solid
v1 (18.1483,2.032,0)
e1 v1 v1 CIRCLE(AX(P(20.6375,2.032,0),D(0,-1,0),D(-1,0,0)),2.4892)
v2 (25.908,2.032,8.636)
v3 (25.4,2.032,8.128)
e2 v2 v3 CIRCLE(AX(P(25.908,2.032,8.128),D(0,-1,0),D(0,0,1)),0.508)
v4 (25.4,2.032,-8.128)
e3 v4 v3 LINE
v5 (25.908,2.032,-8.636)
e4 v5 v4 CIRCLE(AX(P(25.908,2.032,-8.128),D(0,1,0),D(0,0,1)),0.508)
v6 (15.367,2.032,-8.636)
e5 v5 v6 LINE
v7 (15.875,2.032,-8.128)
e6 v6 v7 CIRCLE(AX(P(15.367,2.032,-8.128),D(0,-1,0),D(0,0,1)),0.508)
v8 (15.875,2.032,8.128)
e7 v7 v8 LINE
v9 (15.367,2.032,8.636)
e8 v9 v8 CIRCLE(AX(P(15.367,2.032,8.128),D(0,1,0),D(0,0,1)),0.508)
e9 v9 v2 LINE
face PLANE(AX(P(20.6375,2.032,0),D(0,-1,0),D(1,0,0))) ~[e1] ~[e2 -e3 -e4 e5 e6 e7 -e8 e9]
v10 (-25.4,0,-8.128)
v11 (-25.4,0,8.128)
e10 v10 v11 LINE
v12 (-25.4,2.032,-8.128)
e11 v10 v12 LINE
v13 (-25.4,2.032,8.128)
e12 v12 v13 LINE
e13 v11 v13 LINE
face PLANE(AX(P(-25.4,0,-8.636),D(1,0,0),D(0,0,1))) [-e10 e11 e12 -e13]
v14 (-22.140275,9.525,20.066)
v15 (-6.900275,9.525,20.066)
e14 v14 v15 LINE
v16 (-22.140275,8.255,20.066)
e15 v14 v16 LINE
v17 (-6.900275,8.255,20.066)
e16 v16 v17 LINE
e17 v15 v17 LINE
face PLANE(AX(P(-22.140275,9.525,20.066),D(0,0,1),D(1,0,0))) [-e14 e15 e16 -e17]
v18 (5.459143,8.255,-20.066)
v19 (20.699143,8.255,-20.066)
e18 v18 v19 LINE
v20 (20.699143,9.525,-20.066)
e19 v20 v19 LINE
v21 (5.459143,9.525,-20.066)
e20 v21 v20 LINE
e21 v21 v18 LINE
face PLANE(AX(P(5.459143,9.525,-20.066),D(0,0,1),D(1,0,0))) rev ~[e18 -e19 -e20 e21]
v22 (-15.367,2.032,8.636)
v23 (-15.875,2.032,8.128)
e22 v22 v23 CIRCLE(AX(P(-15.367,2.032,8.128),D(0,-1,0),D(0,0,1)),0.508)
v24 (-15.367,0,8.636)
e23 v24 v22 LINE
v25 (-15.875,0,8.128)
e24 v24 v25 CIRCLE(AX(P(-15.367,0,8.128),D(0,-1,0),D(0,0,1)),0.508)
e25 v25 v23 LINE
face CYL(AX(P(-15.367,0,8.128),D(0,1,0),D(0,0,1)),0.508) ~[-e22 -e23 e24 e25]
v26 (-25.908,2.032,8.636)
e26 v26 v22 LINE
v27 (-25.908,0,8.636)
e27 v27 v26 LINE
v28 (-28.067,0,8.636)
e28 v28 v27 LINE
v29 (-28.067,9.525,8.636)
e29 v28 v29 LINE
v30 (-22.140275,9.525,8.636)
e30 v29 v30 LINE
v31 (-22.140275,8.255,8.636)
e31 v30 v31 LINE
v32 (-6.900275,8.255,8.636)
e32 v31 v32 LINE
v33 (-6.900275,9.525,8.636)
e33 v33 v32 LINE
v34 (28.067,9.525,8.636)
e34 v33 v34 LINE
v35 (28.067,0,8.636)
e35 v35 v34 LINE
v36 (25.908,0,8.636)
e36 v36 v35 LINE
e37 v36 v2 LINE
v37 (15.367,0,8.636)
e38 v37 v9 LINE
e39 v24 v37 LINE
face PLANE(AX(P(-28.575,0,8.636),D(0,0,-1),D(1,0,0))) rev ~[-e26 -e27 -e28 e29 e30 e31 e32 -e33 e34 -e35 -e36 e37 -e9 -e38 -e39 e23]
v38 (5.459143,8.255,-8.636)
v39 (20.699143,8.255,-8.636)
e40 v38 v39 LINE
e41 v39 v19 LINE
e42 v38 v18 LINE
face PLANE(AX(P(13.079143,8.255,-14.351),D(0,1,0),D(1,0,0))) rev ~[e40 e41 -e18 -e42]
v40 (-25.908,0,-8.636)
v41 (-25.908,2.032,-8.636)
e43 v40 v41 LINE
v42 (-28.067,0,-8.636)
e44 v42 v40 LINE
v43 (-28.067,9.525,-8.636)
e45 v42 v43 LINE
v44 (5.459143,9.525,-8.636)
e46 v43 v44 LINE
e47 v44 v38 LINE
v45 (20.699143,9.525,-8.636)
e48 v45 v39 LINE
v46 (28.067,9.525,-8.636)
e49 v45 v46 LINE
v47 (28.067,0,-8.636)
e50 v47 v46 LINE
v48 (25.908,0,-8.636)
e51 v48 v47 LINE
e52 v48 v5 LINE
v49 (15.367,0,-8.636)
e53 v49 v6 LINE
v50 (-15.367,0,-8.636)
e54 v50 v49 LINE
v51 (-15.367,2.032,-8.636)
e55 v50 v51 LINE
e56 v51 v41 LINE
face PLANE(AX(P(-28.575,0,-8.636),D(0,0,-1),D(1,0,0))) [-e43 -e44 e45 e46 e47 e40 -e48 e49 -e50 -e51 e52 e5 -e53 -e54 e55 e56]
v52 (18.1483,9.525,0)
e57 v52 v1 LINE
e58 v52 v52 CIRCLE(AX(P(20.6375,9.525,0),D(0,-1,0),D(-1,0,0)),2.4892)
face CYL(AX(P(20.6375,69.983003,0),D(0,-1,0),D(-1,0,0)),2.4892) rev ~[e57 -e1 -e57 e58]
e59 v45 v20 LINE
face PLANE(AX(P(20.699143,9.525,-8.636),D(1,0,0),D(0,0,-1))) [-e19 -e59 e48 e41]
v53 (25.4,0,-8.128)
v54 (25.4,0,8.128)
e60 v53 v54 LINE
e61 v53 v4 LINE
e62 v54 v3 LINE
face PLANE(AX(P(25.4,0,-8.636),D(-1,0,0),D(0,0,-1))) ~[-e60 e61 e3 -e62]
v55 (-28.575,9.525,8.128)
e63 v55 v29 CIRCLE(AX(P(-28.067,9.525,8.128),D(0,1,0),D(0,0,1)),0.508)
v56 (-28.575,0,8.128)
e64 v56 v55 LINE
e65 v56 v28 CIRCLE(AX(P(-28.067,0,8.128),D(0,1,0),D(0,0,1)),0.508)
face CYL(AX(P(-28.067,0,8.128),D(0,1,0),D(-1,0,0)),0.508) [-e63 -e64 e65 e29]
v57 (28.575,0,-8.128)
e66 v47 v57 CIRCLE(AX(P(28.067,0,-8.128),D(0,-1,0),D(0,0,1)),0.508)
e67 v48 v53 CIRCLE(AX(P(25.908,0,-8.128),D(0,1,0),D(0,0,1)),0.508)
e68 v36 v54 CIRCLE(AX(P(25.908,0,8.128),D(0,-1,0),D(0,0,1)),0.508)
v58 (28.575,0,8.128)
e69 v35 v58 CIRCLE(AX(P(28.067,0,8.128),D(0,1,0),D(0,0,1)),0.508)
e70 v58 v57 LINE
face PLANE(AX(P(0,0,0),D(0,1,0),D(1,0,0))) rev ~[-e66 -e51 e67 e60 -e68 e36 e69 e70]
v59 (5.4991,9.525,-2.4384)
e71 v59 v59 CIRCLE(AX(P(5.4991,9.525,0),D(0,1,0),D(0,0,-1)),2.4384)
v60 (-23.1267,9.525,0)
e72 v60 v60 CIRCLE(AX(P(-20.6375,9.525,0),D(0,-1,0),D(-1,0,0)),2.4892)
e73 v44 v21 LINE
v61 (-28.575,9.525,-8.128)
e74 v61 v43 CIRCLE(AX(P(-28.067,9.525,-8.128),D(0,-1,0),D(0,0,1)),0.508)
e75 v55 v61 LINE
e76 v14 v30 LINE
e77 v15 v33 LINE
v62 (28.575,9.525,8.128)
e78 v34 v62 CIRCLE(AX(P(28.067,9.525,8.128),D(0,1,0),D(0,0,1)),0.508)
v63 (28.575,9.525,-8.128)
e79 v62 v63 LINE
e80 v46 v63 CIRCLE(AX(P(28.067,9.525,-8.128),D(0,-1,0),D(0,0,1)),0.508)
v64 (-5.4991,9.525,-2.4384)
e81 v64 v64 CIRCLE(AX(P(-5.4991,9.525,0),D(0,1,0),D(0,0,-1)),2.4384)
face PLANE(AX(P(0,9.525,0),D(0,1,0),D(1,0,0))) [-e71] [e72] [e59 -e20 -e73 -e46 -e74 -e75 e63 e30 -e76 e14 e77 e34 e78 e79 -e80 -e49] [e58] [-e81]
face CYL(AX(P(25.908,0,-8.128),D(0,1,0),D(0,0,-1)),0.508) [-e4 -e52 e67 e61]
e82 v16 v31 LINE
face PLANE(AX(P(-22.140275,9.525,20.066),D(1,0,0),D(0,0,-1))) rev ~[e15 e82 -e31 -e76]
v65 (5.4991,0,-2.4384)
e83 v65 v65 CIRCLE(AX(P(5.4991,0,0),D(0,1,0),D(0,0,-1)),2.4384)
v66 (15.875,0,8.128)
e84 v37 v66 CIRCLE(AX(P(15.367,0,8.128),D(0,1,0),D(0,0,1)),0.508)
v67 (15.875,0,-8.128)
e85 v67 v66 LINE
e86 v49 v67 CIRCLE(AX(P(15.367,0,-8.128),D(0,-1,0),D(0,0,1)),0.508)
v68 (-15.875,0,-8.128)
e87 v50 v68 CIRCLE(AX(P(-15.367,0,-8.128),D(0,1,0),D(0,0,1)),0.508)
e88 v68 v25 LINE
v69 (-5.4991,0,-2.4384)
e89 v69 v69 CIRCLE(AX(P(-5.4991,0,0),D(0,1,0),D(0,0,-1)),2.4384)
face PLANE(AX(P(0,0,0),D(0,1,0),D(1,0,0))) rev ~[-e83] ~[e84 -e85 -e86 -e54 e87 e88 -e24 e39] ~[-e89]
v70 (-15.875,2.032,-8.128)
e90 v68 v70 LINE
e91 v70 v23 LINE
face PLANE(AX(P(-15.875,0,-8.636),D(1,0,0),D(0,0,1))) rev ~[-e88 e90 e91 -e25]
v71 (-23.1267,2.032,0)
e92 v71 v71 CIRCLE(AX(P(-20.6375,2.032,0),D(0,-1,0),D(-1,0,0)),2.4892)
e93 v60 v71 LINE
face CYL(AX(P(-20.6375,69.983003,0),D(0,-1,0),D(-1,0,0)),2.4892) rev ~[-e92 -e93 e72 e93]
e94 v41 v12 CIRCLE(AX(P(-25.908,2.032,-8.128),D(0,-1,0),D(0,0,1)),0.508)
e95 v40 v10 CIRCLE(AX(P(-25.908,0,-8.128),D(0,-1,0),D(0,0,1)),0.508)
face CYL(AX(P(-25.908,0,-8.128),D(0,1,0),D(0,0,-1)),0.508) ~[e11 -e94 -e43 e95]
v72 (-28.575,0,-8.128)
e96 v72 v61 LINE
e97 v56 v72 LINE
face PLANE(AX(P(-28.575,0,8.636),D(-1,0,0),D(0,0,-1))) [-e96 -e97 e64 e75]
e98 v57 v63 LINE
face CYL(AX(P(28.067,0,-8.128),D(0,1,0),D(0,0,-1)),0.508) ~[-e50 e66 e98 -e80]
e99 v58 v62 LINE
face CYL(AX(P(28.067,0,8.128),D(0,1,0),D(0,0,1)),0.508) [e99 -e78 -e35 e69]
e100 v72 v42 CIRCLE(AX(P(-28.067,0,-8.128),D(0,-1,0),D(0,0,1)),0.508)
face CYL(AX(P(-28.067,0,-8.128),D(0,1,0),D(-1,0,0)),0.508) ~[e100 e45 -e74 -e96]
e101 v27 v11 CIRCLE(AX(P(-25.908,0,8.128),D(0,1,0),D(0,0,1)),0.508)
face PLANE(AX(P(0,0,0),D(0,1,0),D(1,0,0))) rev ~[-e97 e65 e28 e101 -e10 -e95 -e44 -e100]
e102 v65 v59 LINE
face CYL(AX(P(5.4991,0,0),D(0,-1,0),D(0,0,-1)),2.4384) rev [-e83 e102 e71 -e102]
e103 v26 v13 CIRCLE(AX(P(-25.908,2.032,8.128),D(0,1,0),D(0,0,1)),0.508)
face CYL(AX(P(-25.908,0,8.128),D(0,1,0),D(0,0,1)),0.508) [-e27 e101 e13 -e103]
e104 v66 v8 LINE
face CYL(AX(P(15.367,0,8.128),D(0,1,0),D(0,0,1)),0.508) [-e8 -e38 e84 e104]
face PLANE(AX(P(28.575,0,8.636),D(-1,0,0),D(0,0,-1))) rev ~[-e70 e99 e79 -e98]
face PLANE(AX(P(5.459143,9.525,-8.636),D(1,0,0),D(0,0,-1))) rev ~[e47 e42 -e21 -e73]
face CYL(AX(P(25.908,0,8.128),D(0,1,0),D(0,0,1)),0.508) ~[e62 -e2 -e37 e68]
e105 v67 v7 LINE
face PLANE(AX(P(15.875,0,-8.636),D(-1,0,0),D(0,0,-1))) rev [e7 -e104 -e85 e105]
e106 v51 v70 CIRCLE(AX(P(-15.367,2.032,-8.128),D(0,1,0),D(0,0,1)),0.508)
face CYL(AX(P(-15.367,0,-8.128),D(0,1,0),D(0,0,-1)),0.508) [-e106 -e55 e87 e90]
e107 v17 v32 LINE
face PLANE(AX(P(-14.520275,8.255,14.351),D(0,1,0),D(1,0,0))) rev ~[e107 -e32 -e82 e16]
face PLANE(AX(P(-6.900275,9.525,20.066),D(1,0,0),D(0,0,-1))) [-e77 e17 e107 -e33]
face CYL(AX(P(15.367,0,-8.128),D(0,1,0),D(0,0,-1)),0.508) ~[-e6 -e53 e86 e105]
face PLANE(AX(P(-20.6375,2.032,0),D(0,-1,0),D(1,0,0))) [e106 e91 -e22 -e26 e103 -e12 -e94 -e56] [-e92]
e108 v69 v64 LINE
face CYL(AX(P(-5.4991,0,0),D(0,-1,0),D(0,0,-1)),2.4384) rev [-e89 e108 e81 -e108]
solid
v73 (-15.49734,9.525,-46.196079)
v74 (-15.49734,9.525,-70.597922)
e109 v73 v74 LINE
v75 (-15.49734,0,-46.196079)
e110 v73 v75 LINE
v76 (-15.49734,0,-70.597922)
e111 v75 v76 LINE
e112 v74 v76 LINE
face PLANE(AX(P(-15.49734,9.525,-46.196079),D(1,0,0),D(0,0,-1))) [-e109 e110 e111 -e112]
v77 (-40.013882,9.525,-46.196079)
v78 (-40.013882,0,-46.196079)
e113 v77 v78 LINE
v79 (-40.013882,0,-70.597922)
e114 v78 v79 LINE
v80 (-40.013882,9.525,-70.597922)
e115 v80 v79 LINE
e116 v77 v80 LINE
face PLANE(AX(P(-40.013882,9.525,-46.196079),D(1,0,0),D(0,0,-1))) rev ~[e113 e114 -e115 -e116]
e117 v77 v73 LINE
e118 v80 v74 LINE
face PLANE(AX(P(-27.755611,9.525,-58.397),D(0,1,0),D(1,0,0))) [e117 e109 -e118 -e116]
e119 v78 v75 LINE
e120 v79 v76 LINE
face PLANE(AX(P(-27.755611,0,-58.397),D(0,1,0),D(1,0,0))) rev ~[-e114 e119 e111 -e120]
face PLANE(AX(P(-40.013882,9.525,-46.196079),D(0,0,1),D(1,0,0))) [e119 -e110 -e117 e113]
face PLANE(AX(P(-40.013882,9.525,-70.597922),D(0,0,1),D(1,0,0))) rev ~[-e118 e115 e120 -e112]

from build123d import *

# Parameters (mm, degrees)
SKETCH1_W              = 57.15
SKETCH1_H              = 17.272
SKETCH1_R              = 2.4384
BOSS_EXTRUDE1_DEPTH    = 9.525
F_10_CLEARANCE_HOLE1_D = 4.9784
SKETCH4_W              = 9.525
SKETCH4_H              = 17.272
CUT_EXTRUDE1_DEPTH     = 2.032
FILLET1_R              = 0.508
SKETCH5_W              = 24.516541507
SKETCH5_H              = 24.401843065
BOSS_EXTRUDE2_DEPTH    = 9.525
SKETCH6_W              = 15.24
SKETCH6_H              = 11.43
BOSS_EXTRUDE3_DEPTH    = 1.27


with BuildPart() as part:
    # Sketch1 → Boss-Extrude1 (new body)
    with BuildSketch(Plane(origin=(0, 0, 0), x_dir=(1, 0, 0), z_dir=(0, 1, 0))):
        Rectangle(SKETCH1_W, SKETCH1_H)
        with Locations(Location((-5.4991, 0, 0), (0, 0, 90))):
            Circle(SKETCH1_R, mode=Mode.SUBTRACT)
        with Locations(Location((5.4991, 0, 0), (0, 0, 90))):
            Circle(SKETCH1_R, mode=Mode.SUBTRACT)
    extrude(amount=BOSS_EXTRUDE1_DEPTH)

    # #10 Clearance Hole1 (through all)
    with Locations(Plane(origin=(0, 9.525, 0), x_dir=(1, 0, 0), z_dir=(0, 1, 0))):
        with Locations((-20.6375, 0), (20.6375, 0)):
            Hole(F_10_CLEARANCE_HOLE1_D / 2)

    # Sketch4 → Cut-Extrude1 (cut)
    with BuildSketch(Plane.XZ):
        with Locations((-20.6375, 0)):
            Rectangle(SKETCH4_W, SKETCH4_H)
    cut_extrude1 = extrude(amount=-CUT_EXTRUDE1_DEPTH, mode=Mode.SUBTRACT)

    # Mirror1: Cut-Extrude1 across plane
    add(cut_extrude1.mirror(Plane(origin=(0, 0, 0), x_dir=(0, 0, 1), z_dir=(1, 0, 0))), mode=Mode.SUBTRACT)

    # Fillet1
    fillet1_edges = [part.edges().sort_by_distance(p)[0] for p in [
        (-15.875, 1.016, -8.636),
        (-25.4, 1.016, -8.636),
        (-25.4, 1.016, 8.636),
        (-15.875, 1.016, 8.636),
        (25.4, 1.016, -8.636),
        (15.875, 1.016, -8.636),
        (15.875, 1.016, 8.636),
        (25.4, 1.016, 8.636),
        (28.575, 4.7625, -8.636),
        (28.575, 4.7625, 8.636),
        (-28.575, 4.7625, 8.636),
        (-28.575, 4.7625, -8.636),
    ]]
    fillet(fillet1_edges, radius=FILLET1_R)

    # Sketch6 → Boss-Extrude3 (add)
    with BuildSketch(Plane(origin=(0, 9.525, 0), x_dir=(1, 0, 0), z_dir=(0, 1, 0))):
        with Locations((13.079142729, 14.351)):
            Rectangle(SKETCH6_W, SKETCH6_H)
        with Locations((-14.520274695, -14.351)):
            Rectangle(SKETCH6_W, SKETCH6_H)
    extrude(amount=-BOSS_EXTRUDE3_DEPTH)


with BuildPart() as body_2:
    # Sketch5 → Boss-Extrude2 (new body)
    with BuildSketch(Plane(origin=(0, 9.525, 0), x_dir=(1, 0, 0), z_dir=(0, 1, 0))):
        with Locations((-27.755611122, 58.397000049)):
            Rectangle(SKETCH5_W, SKETCH5_H)
    extrude(amount=-BOSS_EXTRUDE2_DEPTH)


solid = Compound([part.part, body_2.part])
